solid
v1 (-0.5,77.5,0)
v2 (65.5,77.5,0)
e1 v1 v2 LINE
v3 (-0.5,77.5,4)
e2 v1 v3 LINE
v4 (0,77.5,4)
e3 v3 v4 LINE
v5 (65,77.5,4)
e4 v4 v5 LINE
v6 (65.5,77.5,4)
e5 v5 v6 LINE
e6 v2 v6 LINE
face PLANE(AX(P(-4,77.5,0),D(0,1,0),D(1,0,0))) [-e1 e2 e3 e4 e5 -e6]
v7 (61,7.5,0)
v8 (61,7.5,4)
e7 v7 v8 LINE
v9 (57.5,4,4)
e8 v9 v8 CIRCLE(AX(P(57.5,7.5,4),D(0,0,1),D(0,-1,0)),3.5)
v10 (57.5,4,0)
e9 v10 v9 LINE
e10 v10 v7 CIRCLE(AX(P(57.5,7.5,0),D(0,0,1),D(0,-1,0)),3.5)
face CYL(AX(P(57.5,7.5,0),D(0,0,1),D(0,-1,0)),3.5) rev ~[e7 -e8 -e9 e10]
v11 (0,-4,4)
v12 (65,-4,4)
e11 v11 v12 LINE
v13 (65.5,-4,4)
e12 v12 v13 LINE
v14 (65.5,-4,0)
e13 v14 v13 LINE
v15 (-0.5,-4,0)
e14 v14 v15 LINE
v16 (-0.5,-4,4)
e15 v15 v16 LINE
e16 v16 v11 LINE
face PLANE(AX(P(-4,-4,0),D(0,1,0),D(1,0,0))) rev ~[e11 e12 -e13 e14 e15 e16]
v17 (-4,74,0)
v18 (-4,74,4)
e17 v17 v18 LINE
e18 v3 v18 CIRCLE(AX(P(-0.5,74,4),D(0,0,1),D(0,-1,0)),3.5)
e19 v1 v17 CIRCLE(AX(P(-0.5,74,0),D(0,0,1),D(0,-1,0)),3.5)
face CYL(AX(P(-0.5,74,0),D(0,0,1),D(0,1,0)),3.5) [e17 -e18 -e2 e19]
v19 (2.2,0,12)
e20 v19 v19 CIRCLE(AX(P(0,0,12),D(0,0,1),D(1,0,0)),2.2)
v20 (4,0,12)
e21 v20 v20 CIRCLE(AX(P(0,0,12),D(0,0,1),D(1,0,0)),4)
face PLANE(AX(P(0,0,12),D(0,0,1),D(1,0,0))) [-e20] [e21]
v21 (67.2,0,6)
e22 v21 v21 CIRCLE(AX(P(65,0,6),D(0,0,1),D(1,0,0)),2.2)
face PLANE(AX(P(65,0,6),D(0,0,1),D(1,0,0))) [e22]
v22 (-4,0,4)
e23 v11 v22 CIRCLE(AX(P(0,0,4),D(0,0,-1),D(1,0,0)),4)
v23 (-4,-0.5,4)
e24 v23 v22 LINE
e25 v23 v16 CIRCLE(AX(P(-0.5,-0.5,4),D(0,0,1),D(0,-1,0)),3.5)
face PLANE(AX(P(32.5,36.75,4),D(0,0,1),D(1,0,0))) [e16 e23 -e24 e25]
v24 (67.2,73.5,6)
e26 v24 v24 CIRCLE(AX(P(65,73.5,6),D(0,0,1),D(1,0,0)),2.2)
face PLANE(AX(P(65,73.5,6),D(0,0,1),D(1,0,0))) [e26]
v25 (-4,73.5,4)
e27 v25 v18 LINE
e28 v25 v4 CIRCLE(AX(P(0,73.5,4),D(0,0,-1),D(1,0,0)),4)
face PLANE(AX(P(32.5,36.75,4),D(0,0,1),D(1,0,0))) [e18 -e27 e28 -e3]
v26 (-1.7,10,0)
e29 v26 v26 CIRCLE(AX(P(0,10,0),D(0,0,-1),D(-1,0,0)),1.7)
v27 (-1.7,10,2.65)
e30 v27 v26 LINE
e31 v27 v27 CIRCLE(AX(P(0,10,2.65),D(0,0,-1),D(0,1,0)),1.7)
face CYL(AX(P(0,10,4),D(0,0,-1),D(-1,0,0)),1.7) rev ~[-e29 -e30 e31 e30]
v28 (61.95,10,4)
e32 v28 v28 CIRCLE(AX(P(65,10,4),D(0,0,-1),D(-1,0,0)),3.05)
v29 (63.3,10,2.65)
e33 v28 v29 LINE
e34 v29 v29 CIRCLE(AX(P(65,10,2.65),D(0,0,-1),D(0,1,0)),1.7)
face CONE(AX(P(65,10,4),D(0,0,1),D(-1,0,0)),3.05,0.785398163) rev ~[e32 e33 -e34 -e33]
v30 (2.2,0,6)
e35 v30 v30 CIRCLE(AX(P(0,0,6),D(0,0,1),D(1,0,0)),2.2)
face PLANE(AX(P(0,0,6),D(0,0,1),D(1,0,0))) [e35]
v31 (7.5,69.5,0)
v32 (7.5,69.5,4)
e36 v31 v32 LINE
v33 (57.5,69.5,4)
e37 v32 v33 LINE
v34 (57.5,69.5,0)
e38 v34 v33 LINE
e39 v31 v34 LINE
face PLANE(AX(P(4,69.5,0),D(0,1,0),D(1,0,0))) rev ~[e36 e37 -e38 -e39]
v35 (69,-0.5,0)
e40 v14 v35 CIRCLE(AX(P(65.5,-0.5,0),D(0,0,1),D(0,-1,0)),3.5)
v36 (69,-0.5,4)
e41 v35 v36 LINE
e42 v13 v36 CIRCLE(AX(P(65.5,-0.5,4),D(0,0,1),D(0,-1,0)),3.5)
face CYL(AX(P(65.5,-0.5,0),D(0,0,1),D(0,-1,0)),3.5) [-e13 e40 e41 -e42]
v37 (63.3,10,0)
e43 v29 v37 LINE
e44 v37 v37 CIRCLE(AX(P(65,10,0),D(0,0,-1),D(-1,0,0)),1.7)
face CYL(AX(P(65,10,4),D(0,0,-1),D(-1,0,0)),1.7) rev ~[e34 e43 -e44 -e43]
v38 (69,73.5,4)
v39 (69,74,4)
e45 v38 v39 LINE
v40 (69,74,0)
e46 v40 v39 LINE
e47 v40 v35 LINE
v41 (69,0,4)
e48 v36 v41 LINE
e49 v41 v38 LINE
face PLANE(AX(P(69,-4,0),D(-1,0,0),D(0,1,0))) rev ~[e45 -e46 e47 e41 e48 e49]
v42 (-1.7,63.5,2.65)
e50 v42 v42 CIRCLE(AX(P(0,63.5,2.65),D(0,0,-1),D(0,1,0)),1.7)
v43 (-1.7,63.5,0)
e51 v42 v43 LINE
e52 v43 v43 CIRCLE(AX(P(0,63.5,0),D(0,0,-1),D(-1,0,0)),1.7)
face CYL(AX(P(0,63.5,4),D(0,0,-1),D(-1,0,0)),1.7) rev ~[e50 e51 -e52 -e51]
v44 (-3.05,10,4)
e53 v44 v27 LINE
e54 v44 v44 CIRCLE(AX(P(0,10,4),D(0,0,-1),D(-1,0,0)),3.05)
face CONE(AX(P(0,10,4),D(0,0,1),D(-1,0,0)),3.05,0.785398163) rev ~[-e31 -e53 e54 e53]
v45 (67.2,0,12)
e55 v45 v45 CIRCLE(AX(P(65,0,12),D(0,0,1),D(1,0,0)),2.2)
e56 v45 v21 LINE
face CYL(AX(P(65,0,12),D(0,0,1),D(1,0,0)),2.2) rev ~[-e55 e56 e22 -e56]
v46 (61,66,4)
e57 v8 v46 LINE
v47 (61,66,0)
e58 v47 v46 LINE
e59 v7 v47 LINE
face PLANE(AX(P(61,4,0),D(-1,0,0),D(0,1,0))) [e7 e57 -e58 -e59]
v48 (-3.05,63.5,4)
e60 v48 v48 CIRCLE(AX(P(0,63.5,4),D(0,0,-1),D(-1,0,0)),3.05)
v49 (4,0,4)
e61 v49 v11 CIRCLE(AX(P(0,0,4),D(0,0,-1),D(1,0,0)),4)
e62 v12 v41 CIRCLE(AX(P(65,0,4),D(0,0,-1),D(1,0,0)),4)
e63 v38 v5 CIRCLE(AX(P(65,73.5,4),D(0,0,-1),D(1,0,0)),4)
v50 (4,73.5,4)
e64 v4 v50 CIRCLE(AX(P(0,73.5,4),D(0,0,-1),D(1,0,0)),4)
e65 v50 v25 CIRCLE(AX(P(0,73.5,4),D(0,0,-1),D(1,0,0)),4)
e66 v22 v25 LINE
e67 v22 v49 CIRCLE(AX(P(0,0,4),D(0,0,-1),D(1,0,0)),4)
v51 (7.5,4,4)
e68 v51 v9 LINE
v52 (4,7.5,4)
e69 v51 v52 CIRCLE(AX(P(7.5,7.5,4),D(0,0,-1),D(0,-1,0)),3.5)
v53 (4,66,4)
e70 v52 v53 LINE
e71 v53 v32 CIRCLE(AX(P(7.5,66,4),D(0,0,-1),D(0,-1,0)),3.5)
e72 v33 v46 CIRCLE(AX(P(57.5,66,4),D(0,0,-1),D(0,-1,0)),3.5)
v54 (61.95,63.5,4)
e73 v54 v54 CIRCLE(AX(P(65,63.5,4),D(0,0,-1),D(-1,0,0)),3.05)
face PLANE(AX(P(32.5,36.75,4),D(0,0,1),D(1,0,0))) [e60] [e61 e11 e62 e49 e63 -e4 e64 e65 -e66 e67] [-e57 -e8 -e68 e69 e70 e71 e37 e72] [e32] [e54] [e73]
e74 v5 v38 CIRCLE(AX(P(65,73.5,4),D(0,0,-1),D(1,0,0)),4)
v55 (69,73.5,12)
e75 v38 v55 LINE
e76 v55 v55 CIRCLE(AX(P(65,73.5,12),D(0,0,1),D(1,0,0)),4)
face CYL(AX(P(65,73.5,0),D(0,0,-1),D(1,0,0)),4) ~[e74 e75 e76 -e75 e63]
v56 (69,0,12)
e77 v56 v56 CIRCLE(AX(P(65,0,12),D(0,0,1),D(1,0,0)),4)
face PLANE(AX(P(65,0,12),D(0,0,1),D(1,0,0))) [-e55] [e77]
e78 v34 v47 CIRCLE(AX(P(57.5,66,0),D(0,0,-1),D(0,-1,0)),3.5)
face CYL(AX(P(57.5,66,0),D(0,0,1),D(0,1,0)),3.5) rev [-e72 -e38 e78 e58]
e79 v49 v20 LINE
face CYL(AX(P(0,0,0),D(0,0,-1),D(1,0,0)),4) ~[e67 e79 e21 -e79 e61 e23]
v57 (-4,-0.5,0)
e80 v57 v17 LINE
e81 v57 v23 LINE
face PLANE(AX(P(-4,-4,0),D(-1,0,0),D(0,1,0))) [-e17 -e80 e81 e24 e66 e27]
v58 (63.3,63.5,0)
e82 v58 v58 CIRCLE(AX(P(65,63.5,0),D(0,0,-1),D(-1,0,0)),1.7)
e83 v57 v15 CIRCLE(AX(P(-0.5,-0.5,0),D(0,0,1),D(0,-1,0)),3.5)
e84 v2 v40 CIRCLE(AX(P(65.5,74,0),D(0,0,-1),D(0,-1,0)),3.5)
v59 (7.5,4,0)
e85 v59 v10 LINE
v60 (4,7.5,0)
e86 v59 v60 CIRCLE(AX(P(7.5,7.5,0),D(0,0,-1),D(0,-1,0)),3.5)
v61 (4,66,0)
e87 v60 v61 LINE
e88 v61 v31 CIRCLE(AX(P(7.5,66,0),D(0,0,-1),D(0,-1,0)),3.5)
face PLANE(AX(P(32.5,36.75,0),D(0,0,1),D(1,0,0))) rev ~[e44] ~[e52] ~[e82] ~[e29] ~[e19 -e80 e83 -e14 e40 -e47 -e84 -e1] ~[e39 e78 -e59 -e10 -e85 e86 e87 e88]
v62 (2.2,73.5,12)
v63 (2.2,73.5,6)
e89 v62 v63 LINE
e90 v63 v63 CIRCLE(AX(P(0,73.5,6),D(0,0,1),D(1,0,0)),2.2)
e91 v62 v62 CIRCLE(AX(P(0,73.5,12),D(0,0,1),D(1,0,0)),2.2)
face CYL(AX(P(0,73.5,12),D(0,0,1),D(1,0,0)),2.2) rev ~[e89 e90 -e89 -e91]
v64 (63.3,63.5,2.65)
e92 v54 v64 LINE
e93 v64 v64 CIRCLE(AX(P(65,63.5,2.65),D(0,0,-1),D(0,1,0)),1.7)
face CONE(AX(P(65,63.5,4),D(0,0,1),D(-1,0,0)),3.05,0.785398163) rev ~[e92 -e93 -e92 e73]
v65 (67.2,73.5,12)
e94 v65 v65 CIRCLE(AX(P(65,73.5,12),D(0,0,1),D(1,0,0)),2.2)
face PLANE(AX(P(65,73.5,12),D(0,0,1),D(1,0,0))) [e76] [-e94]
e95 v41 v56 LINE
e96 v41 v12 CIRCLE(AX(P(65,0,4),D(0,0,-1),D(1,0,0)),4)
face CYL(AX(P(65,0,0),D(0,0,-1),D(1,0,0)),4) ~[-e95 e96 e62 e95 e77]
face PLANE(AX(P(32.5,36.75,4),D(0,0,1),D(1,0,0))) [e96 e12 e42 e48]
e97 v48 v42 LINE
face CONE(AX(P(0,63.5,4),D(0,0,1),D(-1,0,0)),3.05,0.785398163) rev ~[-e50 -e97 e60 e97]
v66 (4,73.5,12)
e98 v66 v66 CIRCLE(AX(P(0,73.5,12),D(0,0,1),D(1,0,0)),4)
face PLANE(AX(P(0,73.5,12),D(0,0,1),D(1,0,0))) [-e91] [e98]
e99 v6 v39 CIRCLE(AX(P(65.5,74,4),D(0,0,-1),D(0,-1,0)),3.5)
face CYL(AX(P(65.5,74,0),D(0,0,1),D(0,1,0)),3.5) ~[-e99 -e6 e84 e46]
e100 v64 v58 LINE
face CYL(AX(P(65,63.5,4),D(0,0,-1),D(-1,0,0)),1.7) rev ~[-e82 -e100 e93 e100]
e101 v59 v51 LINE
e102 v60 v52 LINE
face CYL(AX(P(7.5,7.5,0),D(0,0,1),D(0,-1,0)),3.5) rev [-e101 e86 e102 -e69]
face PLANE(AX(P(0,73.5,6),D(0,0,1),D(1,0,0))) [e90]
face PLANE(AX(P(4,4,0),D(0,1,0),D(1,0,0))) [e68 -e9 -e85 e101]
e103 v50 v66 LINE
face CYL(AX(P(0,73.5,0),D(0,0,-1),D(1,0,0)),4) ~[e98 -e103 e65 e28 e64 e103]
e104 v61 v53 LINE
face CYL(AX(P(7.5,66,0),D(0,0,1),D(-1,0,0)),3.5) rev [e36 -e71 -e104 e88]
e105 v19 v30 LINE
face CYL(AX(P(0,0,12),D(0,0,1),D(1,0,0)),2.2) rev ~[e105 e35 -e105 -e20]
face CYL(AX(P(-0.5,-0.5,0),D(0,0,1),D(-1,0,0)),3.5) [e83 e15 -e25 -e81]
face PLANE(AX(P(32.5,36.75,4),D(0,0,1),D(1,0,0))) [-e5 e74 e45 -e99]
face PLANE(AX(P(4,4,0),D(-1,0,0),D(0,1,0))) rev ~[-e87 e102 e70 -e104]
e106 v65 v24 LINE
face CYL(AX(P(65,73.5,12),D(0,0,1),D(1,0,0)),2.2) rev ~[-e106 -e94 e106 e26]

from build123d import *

# Parameters (mm, degrees)
SKETCH_R                     = 4
PAD_DEPTH                    = 12
SKETCH001_R                  = 2.2
POCKET_DEPTH                 = 6
SKETCH002_W                  = 73
SKETCH002_H                  = 81.5
SKETCH002_W_2                = 57
SKETCH002_H_2                = 65.5
PAD001_DEPTH                 = 4
SKETCH_LINEARPATTERN_2_R     = 4
PAD_LINEARPATTERN_2_DEPTH    = 12
SKETCH001_LINEARPATTERN_2_R  = 2.2
POCKET_LINEARPATTERN_2_DEPTH = 6
LINEARPATTERN001_COUNT       = 2
LINEARPATTERN001_PITCH       = 73.5
FILLET_R                     = 3.5
FILLET001_R                  = 3.5
HOLE_D                       = 3.4
HOLE_DEPTH                   = 25
HOLE_CSINK_D                 = 6.1
HOLE_CSINK_ANGLE             = 90


with BuildPart() as part:
    # Sketch → Pad (new body)
    with BuildSketch(Plane.XY):
        Circle(SKETCH_R)
    pad = extrude(amount=PAD_DEPTH)

    # Sketch001 → Pocket (cut)
    with BuildSketch(Plane.XY.offset(12)):
        Circle(SKETCH001_R)
    pocket = extrude(amount=-POCKET_DEPTH, mode=Mode.SUBTRACT)

    # Sketch002 → Pad001 (join)
    with BuildSketch(Plane.XY):
        with Locations((32.5, 36.75)):
            Rectangle(SKETCH002_W, SKETCH002_H)
        with Locations((32.5, 36.75)):
            Rectangle(SKETCH002_W_2, SKETCH002_H_2, mode=Mode.SUBTRACT)
    extrude(amount=PAD001_DEPTH)

    # Sketch LinearPattern 2 → Pad LinearPattern 2 (add)
    with BuildSketch(Plane(origin=(65, 0, 0), x_dir=(1, 0, 0), z_dir=(0, 0, 1))):
        Circle(SKETCH_LINEARPATTERN_2_R)
    pad_linearpattern_2 = extrude(amount=PAD_LINEARPATTERN_2_DEPTH)

    # Sketch001 LinearPattern 2 → Pocket LinearPattern 2 (cut)
    with BuildSketch(Plane(origin=(65, 0, 12), x_dir=(1, 0, 0), z_dir=(0, 0, 1))):
        Circle(SKETCH001_LINEARPATTERN_2_R)
    pocket_linearpattern_2 = extrude(amount=-POCKET_LINEARPATTERN_2_DEPTH, mode=Mode.SUBTRACT)

    # LinearPattern001: Pad, Pocket, Pad LinearPattern 2, Pocket LinearPattern 2 ×2
    with Locations(*[(0, i * LINEARPATTERN001_PITCH, 0) for i in range(1, LINEARPATTERN001_COUNT)]):
        add(pad)
        add(pocket, mode=Mode.SUBTRACT)
        add(pad_linearpattern_2)
        add(pocket_linearpattern_2, mode=Mode.SUBTRACT)

    # Fillet
    fillet_edges = [part.edges().sort_by_distance(p)[0] for p in [
        (-4, -4, 2),
        (69, -4, 2),
        (69, 77.5, 2),
        (-4, 77.5, 2),
    ]]
    fillet(fillet_edges, radius=FILLET_R)

    # Fillet001
    fillet001_edges = [part.edges().sort_by_distance(p)[0] for p in [
        (61, 4, 2),
        (4, 4, 2),
        (4, 69.5, 2),
        (61, 69.5, 2),
    ]]
    fillet(fillet001_edges, radius=FILLET001_R)

    # Hole
    with Locations(Plane.XY.offset(4)):
        with Locations((0, 63.5), (65, 63.5), (65, 10), (0, 10)):
            CounterSinkHole(HOLE_D / 2, HOLE_CSINK_D / 2, depth=HOLE_DEPTH, counter_sink_angle=HOLE_CSINK_ANGLE)


solid = part.part
